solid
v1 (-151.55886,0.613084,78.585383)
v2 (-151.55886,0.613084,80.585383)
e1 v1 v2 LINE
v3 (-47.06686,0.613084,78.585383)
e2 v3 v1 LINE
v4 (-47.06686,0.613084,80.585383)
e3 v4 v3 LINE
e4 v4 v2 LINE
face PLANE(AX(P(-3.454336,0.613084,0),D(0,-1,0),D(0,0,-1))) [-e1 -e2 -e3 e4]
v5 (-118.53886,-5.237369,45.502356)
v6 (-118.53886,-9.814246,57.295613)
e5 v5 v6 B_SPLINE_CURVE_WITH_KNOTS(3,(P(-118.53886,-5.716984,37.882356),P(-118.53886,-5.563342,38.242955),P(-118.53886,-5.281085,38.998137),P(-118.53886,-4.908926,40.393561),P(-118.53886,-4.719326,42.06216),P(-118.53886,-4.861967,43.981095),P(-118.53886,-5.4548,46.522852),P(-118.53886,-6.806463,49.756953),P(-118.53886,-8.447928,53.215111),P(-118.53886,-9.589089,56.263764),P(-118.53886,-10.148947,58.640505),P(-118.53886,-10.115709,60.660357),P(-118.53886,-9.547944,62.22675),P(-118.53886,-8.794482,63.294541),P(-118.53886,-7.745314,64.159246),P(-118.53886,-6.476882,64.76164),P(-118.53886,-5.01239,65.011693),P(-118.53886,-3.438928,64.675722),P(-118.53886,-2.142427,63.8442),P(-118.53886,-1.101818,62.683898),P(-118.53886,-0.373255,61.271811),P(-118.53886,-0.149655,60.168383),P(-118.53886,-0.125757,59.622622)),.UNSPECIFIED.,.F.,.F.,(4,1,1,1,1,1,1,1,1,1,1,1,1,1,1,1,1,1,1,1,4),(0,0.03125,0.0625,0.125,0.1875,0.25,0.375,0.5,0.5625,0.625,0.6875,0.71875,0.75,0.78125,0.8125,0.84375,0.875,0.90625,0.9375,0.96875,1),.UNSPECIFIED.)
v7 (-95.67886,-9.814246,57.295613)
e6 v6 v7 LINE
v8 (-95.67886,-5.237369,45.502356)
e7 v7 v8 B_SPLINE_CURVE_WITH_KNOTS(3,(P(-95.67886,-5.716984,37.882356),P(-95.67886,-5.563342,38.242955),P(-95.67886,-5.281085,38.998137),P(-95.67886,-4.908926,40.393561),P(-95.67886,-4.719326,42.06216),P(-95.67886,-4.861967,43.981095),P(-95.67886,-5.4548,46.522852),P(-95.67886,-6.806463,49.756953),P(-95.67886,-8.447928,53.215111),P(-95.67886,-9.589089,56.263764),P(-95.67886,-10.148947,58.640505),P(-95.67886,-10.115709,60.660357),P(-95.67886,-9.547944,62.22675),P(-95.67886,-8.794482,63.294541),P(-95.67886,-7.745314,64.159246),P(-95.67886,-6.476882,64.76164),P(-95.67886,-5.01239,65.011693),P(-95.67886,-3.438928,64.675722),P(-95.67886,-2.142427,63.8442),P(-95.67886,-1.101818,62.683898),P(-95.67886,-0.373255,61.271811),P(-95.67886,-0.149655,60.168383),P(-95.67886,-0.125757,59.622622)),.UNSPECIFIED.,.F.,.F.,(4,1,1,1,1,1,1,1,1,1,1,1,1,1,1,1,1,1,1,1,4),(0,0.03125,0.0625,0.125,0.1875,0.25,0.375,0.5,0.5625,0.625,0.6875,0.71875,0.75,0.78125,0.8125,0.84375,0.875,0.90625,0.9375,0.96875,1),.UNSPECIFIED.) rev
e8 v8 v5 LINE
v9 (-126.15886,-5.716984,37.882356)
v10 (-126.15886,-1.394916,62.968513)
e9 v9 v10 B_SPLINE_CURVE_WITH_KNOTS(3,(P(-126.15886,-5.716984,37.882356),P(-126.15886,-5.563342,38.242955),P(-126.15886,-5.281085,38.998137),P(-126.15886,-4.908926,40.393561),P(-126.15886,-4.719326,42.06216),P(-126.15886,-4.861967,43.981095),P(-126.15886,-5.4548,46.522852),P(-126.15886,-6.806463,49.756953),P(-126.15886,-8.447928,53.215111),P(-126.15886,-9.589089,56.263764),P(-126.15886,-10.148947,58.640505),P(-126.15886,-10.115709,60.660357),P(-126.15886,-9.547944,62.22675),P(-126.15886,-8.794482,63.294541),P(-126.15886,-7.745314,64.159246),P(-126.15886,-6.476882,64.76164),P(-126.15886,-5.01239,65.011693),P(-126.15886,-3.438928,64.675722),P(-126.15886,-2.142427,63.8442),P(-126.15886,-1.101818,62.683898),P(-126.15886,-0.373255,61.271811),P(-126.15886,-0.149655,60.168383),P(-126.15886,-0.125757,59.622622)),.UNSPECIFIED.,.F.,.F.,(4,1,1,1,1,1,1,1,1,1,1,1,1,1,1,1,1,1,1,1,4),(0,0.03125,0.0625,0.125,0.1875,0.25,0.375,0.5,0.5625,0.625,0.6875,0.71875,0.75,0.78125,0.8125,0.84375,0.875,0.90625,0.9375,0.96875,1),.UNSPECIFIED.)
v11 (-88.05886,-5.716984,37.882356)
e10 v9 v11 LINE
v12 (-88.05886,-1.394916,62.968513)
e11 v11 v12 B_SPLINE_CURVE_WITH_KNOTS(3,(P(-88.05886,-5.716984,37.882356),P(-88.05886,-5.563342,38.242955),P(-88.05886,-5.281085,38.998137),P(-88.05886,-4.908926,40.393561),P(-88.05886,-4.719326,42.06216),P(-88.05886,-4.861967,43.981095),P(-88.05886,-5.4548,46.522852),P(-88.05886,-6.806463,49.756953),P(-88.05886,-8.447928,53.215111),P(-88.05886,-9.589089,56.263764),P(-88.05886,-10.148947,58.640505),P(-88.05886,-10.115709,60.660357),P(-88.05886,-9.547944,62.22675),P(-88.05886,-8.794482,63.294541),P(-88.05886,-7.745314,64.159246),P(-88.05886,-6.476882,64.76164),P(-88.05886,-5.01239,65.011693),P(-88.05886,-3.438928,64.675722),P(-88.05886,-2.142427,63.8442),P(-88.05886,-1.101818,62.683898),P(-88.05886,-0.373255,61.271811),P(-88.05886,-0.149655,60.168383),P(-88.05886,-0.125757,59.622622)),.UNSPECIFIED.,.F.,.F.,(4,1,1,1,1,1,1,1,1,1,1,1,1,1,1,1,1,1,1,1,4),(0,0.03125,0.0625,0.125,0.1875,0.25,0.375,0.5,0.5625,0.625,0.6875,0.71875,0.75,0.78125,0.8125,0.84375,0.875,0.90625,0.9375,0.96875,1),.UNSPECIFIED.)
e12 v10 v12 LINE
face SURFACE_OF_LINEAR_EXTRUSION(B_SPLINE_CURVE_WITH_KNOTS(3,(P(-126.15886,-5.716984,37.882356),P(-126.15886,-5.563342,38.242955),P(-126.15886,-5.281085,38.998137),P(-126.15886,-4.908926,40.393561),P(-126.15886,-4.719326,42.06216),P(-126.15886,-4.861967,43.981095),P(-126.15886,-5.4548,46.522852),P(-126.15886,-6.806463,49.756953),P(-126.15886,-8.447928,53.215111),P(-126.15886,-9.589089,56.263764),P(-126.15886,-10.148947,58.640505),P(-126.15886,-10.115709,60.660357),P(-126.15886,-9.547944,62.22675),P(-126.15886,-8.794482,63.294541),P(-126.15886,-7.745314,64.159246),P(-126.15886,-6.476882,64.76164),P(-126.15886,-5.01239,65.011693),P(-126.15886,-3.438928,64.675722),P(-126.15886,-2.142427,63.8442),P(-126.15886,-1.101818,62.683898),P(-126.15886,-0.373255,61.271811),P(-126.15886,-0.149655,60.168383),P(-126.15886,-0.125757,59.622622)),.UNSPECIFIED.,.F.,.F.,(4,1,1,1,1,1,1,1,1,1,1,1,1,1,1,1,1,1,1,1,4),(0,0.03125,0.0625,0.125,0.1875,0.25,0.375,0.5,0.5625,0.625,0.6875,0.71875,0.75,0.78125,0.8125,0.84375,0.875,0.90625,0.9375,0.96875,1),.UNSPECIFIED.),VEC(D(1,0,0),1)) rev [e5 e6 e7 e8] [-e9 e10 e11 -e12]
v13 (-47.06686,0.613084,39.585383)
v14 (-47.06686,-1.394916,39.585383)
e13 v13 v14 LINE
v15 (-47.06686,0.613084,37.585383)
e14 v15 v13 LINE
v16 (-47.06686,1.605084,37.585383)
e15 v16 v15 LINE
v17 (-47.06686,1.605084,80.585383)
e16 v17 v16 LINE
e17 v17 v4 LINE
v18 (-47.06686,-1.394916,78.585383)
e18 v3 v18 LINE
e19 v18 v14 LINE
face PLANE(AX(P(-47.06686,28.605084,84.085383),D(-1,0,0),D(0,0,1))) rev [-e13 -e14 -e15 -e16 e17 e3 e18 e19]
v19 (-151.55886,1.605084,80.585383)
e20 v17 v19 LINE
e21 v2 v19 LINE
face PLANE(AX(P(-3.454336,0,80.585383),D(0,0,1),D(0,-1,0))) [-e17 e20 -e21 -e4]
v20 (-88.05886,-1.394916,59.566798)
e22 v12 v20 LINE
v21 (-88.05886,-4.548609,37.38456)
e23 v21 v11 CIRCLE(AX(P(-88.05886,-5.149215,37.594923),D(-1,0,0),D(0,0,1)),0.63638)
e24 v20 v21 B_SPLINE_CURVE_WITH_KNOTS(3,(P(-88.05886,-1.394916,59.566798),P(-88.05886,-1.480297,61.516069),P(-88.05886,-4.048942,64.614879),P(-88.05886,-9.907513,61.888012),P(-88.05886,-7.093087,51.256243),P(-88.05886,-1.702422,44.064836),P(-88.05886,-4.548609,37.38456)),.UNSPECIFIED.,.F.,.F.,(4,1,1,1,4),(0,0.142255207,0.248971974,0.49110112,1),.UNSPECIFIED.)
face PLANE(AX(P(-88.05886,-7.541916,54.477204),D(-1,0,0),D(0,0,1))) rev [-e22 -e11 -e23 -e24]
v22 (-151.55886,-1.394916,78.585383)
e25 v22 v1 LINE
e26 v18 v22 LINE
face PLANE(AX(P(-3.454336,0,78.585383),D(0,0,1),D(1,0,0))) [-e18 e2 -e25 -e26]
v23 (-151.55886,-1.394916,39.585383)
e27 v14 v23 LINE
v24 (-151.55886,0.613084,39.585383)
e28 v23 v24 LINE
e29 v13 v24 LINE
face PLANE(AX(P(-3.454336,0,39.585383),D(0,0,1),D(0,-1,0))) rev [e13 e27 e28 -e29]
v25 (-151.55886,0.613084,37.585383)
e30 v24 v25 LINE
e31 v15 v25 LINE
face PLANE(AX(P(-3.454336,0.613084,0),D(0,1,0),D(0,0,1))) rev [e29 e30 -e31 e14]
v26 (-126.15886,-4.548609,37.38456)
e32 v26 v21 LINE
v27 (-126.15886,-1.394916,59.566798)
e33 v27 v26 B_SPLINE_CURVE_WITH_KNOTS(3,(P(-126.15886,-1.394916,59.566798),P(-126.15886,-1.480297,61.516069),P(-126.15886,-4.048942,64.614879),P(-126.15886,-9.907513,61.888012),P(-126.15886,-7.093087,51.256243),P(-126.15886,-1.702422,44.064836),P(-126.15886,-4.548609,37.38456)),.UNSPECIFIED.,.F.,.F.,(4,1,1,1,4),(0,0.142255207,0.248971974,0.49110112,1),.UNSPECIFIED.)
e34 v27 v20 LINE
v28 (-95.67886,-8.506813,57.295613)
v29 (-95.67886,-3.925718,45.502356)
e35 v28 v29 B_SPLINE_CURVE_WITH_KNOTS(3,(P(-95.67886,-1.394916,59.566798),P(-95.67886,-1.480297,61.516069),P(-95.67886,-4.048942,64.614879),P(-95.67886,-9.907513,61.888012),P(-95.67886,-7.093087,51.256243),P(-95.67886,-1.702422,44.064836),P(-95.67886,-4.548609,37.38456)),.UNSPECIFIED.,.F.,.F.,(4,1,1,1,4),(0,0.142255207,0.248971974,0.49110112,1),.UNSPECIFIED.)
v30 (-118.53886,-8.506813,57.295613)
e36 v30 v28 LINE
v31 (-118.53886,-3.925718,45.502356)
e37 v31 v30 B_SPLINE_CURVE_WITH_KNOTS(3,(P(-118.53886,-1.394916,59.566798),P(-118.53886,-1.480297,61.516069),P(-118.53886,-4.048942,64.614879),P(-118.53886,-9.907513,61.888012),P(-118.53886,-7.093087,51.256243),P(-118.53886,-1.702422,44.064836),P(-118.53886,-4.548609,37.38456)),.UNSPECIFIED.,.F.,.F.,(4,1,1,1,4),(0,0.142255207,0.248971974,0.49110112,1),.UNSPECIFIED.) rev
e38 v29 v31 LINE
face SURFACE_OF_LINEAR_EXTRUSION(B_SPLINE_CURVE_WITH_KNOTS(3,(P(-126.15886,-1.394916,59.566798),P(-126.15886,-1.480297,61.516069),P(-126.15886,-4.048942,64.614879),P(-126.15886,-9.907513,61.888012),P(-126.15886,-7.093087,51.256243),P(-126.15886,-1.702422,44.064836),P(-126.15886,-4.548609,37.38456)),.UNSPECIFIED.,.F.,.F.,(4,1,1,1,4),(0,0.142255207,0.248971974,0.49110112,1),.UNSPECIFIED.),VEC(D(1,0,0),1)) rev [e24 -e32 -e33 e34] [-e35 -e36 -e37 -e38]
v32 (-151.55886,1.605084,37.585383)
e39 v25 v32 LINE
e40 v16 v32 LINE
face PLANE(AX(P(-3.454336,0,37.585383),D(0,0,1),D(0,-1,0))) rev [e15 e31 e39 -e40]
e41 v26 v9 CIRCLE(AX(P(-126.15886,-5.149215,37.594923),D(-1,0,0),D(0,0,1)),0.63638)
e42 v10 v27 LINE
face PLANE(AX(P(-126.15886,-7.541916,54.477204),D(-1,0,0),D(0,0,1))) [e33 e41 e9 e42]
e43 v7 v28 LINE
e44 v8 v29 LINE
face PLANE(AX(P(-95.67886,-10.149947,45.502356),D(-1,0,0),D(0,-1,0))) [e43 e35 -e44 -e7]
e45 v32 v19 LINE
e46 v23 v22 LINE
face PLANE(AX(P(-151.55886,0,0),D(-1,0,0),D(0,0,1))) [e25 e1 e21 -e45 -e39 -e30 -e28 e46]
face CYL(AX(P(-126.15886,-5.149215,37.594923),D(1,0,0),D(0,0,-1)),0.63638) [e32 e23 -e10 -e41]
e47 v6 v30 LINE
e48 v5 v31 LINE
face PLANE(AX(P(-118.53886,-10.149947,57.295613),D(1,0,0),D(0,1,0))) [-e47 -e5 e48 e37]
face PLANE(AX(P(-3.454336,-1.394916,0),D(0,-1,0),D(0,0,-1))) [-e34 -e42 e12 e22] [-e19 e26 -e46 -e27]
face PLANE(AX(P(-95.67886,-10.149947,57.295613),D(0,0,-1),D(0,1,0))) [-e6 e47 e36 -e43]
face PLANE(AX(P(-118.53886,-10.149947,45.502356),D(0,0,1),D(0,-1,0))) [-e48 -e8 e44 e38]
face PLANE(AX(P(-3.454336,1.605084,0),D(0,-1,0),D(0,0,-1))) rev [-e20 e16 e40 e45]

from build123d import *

# Parameters (mm, degrees)
BOSS_EXTRUDE1_DEPTH = 104.492
BOSS_EXTRUDE2_START = -63.5
BOSS_EXTRUDE2_DEPTH = 38.1
CUT_EXTRUDE1_REACH  = 173.872
SKETCH3_W           = 22.86
SKETCH3_H           = 11.793256687


with BuildPart() as part:
    # Sketch1 → Boss-Extrude1 (new body)
    with BuildSketch(Plane.ZY.offset(151.558859737)):
        Polygon((39.585382545, -1.394916167), (59.085382545, -1.394916167), (59.085382545, 1.605083833), (37.585382545, 1.605083833), (37.585382545, 0.613083833), (39.585382545, 0.613083833), align=None)
        Polygon((59.085382545, 1.605083833), (59.085382545, -1.394916167), (78.585382545, -1.394916167), (78.585382545, 0.613083833), (80.585382545, 0.613083833), (80.585382545, 1.605083833), align=None)
    extrude(amount=-BOSS_EXTRUDE1_DEPTH)

    # Sketch2 → Boss-Extrude2 (add)
    with BuildSketch(Plane.ZY.offset(151.558859737).offset(BOSS_EXTRUDE2_START)):
        with BuildLine():
            Line((62.967687953, -1.394916167), (59.566797506, -1.394916167))
            add(Edge.make_bspline(
                [(59.566797506, -1.394916167), (61.516069344, -1.480296614), (64.614879002, -4.048941964), (61.888012097, -9.907513109), (51.256243325, -7.093087206), (44.064836064, -1.702421731), (37.384560103, -4.548609474)],
                knots=[0, 0, 0, 0, 0.142255207, 0.248971974, 0.49110112, 1, 1, 1, 1], degree=3))
            ThreePointArc((37.384560103, -4.548609474), (37.00946558, -5.398654021), (37.882355942, -5.716984115))
            add(Edge.make_bspline(
                [(62.967687953, -1.394916167), (63.267997692, -1.632578173), (63.916012108, -2.255332587), (64.675351176, -3.439321761), (65.011296331, -5.012764351), (64.761227306, -6.477231249), (64.15882492, -7.745636277), (63.294119047, -8.794777149), (62.226334271, -9.548212989), (60.659956966, -10.115948294), (58.640135057, -10.149158727), (56.26343683, -9.58927774), (53.214845261, -8.448093107), (49.756760087, -6.806606324), (46.522726499, -5.454919618), (43.981015061, -4.862061183), (42.062111219, -4.719397121), (40.393533949, -4.908971794), (38.998126573, -5.281106442), (38.242951495, -5.563349347), (37.882355942, -5.716984115)],
                knots=[0.07063518, 0.07063518, 0.07063518, 0.07063518, 0.09375, 0.125, 0.15625, 0.1875, 0.21875, 0.25, 0.28125, 0.3125, 0.375, 0.4375, 0.5, 0.625, 0.75, 0.8125, 0.875, 0.9375, 0.96875, 1, 1, 1, 1], degree=3))
        make_face()
    extrude(amount=BOSS_EXTRUDE2_DEPTH)

    # Sketch3 → Cut-Extrude1 (cut, up to next)
    with BuildSketch(Plane(origin=(0, -1.394916167, 0), x_dir=(-1, 0, 0), z_dir=(0, -1, 0)), mode=Mode.PRIVATE) as cut_extrude1_sk1:
        with Locations((107.108859737, -51.398984286)):
            Rectangle(SKETCH3_W, SKETCH3_H)
    cut_extrude1_tool1 = extrude(cut_extrude1_sk1.sketch, amount=CUT_EXTRUDE1_REACH, mode=Mode.PRIVATE) & part.part
    add(cut_extrude1_tool1.solids().sort_by_distance((-107.10886, -1.394916, 51.398984))[0], mode=Mode.SUBTRACT)


solid = part.part
